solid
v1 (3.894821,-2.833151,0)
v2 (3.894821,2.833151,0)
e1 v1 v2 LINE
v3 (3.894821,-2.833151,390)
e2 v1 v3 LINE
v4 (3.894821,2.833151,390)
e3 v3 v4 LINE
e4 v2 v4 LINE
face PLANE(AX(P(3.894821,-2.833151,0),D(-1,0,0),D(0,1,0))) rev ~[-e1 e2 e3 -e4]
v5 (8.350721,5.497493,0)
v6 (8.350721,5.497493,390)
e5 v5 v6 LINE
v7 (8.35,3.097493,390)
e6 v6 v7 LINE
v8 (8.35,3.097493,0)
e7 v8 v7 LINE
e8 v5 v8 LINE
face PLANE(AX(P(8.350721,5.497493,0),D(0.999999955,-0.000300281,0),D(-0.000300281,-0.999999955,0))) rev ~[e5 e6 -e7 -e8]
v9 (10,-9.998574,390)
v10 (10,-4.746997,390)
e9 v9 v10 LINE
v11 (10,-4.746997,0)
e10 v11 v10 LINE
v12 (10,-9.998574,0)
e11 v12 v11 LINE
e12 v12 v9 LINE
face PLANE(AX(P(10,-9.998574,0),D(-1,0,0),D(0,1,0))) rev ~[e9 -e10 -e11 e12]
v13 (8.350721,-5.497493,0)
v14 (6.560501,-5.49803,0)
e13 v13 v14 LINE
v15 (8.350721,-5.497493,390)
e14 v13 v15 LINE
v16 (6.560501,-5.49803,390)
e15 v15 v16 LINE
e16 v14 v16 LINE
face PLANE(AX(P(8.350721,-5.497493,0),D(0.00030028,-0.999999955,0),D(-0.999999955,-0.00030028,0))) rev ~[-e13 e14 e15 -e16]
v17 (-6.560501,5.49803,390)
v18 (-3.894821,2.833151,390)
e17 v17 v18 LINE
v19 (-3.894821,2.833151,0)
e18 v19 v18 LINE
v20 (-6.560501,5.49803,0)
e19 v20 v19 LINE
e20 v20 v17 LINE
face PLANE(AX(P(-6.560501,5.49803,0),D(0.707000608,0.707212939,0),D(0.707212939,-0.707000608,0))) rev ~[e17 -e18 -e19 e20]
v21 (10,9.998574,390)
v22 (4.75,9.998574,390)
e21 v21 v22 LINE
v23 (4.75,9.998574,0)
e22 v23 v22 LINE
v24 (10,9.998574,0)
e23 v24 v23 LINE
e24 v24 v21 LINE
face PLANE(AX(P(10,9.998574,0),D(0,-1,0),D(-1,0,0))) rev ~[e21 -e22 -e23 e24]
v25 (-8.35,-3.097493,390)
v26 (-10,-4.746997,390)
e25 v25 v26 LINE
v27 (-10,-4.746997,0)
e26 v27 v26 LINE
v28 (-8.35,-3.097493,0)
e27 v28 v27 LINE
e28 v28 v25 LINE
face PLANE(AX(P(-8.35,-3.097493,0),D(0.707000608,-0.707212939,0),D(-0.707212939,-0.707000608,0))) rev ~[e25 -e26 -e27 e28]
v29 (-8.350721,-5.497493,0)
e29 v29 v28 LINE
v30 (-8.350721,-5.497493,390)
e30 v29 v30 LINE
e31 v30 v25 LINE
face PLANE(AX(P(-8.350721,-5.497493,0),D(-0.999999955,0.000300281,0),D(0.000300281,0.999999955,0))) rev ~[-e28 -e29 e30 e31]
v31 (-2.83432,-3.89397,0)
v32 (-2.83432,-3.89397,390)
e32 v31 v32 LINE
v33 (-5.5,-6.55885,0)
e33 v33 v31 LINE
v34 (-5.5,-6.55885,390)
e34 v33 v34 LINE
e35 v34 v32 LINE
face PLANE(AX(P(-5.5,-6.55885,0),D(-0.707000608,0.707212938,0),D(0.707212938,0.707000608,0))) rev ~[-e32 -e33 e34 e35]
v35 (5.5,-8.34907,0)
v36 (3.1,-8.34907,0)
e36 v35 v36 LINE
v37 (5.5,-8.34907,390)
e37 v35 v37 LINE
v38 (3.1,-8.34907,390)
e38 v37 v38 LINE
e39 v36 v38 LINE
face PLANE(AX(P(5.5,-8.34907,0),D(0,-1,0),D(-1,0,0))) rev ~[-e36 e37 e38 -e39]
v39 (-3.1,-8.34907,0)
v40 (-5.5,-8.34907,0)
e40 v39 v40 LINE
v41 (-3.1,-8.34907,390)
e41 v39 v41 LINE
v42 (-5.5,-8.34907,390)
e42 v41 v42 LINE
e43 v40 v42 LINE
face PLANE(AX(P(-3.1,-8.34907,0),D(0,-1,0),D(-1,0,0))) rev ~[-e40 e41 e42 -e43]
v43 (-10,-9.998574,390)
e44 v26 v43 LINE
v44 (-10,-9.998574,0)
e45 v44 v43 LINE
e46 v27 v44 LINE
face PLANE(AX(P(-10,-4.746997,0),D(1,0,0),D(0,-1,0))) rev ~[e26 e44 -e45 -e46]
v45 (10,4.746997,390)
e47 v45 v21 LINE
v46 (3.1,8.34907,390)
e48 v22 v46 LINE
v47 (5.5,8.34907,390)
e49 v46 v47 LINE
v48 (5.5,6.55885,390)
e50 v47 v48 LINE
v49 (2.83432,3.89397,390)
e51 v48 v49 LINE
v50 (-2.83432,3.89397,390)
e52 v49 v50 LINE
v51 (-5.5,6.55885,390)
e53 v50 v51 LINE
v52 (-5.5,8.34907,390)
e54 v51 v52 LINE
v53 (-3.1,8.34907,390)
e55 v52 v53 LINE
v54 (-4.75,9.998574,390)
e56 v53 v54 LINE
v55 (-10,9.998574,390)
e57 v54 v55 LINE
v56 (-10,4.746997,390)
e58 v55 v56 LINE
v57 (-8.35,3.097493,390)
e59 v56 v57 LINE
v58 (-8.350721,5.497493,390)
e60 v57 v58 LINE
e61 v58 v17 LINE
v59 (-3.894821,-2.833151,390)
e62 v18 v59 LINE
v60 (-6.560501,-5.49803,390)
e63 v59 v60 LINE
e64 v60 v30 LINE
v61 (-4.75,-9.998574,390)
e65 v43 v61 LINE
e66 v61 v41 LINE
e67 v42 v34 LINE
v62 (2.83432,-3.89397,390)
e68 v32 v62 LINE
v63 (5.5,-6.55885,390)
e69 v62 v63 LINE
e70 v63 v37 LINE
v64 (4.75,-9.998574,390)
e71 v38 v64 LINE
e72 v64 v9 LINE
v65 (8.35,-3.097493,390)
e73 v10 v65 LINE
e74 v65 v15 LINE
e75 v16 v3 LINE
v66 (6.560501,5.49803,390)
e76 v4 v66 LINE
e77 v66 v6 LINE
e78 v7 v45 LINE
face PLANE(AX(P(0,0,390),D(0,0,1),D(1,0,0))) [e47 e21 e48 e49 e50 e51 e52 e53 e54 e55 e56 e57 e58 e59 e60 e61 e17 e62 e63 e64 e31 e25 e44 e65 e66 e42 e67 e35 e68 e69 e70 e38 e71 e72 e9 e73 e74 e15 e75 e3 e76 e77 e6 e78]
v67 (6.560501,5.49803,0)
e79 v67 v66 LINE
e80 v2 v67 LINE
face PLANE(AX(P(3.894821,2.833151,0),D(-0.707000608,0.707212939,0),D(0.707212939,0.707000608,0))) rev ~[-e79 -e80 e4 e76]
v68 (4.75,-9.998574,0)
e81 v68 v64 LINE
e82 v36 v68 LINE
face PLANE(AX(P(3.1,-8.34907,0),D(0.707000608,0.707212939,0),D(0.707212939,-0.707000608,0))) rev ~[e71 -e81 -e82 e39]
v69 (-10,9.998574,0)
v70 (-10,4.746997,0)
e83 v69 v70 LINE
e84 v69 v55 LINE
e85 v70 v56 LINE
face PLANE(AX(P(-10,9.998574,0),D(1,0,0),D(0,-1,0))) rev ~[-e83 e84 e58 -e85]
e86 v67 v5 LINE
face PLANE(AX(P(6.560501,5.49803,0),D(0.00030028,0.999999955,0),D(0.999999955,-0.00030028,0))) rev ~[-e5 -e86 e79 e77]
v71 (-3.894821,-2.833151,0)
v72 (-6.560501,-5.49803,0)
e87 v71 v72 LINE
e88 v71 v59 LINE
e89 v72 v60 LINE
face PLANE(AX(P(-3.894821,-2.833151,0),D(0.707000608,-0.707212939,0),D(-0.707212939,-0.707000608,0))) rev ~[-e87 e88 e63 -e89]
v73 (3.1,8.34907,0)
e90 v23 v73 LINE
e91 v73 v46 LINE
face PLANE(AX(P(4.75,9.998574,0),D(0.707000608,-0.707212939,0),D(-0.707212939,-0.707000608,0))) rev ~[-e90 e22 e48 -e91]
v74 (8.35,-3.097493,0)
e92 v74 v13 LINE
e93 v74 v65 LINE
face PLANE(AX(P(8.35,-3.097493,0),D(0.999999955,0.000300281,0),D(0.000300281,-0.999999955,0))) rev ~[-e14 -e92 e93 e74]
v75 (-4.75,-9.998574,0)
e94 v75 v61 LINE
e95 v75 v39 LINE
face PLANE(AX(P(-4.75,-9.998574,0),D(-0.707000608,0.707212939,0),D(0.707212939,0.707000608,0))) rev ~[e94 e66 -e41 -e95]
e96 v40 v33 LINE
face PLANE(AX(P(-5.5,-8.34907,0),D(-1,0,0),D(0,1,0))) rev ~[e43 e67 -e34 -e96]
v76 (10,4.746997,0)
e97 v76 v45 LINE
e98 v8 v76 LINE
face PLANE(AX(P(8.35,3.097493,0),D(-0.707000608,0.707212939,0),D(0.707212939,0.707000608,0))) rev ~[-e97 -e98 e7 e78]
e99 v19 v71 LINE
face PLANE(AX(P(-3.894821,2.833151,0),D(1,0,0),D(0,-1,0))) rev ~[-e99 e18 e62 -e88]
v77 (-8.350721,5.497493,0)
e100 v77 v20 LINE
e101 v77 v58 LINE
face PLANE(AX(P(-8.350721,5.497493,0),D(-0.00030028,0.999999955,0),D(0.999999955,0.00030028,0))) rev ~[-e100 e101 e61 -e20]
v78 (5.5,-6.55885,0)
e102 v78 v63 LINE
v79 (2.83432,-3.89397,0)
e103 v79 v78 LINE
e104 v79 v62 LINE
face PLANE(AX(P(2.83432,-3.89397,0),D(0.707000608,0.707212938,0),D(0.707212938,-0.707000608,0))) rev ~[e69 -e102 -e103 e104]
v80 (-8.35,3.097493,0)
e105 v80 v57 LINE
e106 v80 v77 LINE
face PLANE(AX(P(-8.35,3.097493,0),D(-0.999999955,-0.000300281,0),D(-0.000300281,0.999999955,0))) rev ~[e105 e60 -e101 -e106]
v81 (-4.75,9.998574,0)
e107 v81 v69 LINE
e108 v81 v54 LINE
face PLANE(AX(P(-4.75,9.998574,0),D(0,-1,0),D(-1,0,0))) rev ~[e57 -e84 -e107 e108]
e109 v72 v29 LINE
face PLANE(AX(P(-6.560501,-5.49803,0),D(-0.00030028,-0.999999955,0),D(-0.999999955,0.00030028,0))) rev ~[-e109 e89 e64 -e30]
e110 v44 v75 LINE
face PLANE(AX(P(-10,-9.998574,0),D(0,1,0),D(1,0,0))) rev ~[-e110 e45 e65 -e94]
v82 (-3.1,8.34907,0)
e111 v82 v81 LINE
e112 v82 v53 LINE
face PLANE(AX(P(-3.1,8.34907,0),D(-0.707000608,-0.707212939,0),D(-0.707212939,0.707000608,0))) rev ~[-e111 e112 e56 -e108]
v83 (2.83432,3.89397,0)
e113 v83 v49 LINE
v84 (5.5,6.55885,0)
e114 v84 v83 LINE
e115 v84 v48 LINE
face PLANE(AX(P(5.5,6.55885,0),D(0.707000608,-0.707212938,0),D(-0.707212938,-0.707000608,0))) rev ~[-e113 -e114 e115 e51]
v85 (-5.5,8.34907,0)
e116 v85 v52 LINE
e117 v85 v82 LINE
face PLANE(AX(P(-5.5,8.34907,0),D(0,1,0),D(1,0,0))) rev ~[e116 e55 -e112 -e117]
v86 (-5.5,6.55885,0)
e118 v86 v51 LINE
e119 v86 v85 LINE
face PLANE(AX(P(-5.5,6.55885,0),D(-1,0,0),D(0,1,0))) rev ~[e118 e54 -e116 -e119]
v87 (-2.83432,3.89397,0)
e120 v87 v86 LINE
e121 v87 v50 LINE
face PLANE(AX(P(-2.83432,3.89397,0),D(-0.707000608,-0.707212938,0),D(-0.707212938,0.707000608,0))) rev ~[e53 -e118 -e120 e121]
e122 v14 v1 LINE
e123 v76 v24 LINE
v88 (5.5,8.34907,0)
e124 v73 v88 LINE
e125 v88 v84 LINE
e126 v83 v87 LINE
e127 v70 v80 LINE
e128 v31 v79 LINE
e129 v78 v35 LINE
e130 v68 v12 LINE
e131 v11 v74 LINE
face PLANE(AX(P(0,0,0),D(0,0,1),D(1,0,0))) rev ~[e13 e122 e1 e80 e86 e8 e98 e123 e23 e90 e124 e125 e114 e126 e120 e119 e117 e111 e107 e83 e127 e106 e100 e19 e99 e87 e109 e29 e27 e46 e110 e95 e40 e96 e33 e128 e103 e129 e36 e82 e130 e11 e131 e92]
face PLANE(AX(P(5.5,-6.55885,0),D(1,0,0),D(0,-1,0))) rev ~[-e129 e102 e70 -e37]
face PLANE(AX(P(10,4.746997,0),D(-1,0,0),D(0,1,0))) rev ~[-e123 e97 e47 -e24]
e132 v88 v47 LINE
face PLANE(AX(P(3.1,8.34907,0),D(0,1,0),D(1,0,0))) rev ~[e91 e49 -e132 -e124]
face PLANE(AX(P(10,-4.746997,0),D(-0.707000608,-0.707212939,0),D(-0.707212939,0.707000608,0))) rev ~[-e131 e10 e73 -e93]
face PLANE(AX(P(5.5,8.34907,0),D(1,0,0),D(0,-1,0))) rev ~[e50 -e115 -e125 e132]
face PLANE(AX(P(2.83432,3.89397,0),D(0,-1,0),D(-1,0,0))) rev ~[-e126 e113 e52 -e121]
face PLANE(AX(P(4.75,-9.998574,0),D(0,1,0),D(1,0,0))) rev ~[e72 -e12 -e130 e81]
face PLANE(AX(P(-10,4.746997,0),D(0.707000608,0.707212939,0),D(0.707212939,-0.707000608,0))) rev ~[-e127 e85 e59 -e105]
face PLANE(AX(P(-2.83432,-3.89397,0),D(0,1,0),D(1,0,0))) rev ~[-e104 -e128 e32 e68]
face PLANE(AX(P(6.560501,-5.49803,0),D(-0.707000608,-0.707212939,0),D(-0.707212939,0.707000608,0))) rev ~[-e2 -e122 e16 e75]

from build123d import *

# Parameters (mm, degrees)
BOSS_EXTRUDE1_DEPTH = 390


with BuildPart() as part:
    # Sketch1 → Boss-Extrude1 (new body)
    with BuildSketch(Plane.XY):
        Polygon((2.834320347, 3.893970342), (-2.834320347, 3.893970342), (-5.5, 6.558849663), (-5.5, 8.349069506), (-3.1, 8.349069506), (-4.75, 9.998574117), (-10, 9.998574117), (-10, 4.746997406), (-8.35, 3.097492795), (-8.350720674, 5.497492687), (-6.560500912, 5.498030255), (-3.894821259, 2.833150935), (-3.894821259, -2.833150935), (-6.560500912, -5.498030255), (-8.350720674, -5.497492687), (-8.35, -3.097492795), (-10, -4.746997406), (-10, -9.998574117), (-4.75, -9.998574117), (-3.1, -8.349069506), (-5.5, -8.349069506), (-5.5, -6.558849663), (-2.834320347, -3.893970342), (2.834320347, -3.893970342), (5.5, -6.558849663), (5.5, -8.349069506), (3.1, -8.349069506), (4.75, -9.998574117), (10, -9.998574117), (10, -4.746997406), (8.35, -3.097492795), (8.350720674, -5.497492687), (6.560500912, -5.498030255), (3.894821259, -2.833150935), (3.894821259, 2.833150935), (6.560500912, 5.498030255), (8.350720674, 5.497492687), (8.35, 3.097492795), (10, 4.746997406), (10, 9.998574117), (4.75, 9.998574117), (3.1, 8.349069506), (5.5, 8.349069506), (5.5, 6.558849663), align=None)
    extrude(amount=BOSS_EXTRUDE1_DEPTH)


solid = part.part
